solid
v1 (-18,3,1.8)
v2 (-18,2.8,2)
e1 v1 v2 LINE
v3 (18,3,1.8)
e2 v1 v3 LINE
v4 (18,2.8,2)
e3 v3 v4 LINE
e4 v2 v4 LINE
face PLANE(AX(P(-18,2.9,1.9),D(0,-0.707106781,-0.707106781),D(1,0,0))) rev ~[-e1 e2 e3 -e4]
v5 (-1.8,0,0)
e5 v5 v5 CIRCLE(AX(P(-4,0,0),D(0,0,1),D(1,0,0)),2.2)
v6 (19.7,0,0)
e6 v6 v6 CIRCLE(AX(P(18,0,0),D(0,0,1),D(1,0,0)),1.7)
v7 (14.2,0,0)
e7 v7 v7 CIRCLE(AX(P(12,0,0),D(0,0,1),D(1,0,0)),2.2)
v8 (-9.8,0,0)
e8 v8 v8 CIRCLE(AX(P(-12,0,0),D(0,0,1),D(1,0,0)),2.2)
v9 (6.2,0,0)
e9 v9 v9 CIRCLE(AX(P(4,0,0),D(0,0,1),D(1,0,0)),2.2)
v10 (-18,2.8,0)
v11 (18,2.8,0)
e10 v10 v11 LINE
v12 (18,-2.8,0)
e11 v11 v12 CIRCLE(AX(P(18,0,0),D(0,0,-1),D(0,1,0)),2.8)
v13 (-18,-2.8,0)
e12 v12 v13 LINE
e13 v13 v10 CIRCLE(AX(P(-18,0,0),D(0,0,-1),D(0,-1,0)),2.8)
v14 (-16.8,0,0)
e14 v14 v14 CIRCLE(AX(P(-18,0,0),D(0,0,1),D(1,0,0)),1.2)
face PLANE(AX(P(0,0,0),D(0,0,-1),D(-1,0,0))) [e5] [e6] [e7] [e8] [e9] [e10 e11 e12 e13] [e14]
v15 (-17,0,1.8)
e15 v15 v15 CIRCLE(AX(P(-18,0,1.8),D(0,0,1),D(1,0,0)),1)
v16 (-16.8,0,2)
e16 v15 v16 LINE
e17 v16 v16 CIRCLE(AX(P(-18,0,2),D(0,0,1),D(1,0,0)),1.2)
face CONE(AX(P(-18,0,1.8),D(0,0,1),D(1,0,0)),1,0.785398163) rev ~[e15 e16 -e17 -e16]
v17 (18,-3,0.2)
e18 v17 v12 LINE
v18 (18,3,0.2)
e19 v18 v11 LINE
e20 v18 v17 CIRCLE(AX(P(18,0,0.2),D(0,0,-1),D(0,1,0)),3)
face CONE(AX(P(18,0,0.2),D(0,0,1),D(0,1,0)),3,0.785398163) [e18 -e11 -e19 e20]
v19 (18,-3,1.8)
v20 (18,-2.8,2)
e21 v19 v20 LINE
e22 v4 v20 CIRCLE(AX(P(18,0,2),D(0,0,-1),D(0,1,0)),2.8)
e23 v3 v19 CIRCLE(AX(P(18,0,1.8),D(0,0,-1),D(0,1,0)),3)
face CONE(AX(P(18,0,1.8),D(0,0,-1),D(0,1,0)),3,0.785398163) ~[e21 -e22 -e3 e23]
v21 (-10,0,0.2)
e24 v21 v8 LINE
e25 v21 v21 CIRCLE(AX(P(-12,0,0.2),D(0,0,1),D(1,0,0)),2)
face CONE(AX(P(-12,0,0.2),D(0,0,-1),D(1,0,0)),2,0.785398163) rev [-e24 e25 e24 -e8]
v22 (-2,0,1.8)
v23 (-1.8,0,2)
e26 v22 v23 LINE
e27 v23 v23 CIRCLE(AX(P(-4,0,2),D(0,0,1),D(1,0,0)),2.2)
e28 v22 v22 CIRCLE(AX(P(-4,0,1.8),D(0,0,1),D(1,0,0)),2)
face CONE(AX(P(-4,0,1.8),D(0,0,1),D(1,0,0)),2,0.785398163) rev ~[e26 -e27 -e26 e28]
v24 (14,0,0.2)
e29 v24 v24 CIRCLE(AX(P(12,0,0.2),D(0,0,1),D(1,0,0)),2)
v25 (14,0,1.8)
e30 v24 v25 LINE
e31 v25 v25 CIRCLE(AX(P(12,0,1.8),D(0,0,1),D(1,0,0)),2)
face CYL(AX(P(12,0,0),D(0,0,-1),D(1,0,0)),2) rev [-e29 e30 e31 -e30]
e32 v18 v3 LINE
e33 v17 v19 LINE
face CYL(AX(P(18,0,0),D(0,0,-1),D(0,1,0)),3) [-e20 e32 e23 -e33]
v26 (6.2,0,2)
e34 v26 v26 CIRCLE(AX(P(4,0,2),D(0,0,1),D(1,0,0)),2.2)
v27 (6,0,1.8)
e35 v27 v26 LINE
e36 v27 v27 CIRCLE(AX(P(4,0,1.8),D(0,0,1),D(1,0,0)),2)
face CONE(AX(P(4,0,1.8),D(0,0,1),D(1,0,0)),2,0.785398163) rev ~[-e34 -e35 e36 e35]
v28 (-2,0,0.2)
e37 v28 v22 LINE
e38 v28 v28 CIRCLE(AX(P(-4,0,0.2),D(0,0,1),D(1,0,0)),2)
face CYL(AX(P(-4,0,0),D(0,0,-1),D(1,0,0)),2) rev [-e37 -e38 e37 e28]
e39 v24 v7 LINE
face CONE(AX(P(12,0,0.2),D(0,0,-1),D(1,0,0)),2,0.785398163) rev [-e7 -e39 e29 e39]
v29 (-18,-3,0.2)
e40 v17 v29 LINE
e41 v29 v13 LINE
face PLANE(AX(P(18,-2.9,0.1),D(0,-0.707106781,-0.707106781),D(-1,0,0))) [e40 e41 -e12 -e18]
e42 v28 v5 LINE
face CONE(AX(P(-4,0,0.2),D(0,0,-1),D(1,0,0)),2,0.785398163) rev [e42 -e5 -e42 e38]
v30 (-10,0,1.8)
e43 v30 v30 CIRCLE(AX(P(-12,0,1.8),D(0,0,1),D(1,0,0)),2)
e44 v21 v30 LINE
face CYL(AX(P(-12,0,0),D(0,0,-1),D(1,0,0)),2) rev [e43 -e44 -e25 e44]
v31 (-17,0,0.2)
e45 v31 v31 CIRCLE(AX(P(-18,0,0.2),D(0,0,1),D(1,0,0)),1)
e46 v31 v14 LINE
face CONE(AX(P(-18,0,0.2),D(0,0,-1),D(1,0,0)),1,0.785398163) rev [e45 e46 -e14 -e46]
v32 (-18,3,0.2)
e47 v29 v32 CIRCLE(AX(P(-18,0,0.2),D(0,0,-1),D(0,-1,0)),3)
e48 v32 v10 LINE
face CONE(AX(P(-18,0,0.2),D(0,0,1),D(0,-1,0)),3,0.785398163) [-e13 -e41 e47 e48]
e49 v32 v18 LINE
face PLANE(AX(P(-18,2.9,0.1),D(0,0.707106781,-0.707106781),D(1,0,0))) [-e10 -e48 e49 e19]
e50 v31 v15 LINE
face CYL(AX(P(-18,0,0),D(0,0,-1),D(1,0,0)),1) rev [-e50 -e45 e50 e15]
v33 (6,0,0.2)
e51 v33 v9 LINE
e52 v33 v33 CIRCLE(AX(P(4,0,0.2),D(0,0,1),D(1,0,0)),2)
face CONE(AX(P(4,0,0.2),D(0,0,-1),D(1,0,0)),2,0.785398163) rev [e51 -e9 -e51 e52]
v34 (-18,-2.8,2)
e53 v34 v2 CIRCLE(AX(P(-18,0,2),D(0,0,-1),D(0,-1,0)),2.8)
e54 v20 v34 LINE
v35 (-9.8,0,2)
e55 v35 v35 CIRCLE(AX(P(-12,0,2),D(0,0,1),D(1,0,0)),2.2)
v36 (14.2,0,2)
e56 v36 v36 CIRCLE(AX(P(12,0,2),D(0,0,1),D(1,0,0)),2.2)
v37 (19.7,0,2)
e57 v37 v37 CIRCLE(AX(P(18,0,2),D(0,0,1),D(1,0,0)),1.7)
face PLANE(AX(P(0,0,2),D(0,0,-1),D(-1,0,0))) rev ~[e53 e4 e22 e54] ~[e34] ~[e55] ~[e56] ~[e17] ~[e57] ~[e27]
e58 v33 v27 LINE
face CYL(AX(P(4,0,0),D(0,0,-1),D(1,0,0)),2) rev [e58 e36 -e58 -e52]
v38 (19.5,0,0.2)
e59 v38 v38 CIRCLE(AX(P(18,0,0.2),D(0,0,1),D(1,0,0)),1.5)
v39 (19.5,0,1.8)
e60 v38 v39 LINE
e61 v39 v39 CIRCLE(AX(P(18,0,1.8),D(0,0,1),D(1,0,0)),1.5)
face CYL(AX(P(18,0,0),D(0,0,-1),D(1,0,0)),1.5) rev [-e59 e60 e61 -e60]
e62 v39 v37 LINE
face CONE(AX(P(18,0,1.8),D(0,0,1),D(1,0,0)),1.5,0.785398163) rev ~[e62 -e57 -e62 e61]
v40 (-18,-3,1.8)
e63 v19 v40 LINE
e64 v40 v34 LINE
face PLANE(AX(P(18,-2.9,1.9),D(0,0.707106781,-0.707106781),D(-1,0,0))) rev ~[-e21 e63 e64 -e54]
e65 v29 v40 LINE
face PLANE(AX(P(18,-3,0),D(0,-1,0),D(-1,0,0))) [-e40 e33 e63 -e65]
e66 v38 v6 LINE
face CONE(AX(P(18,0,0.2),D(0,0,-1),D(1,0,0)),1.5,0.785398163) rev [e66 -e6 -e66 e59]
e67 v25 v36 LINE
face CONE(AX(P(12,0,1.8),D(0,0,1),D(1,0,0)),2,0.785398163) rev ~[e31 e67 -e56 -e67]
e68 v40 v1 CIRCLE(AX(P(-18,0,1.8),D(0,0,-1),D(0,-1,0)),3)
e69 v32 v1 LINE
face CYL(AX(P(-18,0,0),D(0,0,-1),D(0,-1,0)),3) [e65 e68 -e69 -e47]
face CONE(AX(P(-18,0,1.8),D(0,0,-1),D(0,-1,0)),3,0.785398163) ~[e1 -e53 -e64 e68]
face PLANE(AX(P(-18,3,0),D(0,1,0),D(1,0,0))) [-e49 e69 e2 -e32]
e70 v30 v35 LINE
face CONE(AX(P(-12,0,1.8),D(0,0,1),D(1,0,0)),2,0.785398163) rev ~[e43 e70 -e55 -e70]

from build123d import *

# Parameters (mm, degrees)
SKETCH1_R           = 1
SKETCH1_R_2         = 2
SKETCH1_R_3         = 1.5
BOSS_EXTRUDE1_DEPTH = 2
CHAMFER1_SIZE       = 0.2


with BuildPart() as part:
    # Sketch1 → Boss-Extrude1 (new body)
    with BuildSketch(Plane.XY):
        with BuildLine():
            Line((-18, 3), (18, 3))
            ThreePointArc((18, 3), (21, 0), (18, -3))
            Line((18, -3), (-18, -3))
            ThreePointArc((-18, -3), (-21, 0), (-18, 3))
        make_face()
        with Locations((-18, 0)):
            Circle(SKETCH1_R, mode=Mode.SUBTRACT)
        with Locations((-12, 0)):
            Circle(SKETCH1_R_2, mode=Mode.SUBTRACT)
        with Locations((-4, 0)):
            Circle(SKETCH1_R_2, mode=Mode.SUBTRACT)
        with Locations((18, 0)):
            Circle(SKETCH1_R_3, mode=Mode.SUBTRACT)
        with Locations((12, 0)):
            Circle(SKETCH1_R_2, mode=Mode.SUBTRACT)
        with Locations((4, 0)):
            Circle(SKETCH1_R_2, mode=Mode.SUBTRACT)
    extrude(amount=BOSS_EXTRUDE1_DEPTH)

    # Chamfer1
    chamfer1_edges = [part.edges().sort_by_distance(p)[0] for p in [
        (-19, 0, 0),
        (-19, 0, 2),
        (21, 0, 2),
        (-14, 0, 0),
        (-14, 0, 2),
        (0, 3, 2),
        (-6, 0, 0),
        (-6, 0, 2),
        (16.5, 0, 0),
        (16.5, 0, 2),
        (10, 0, 0),
        (10, 0, 2),
        (2, 0, 0),
        (2, 0, 2),
        (-21, 0, 2),
        (0, 3, 0),
        (21, 0, 0),
        (0, -3, 0),
        (-21, 0, 0),
        (0, -3, 2),
    ]]
    chamfer(chamfer1_edges, length=CHAMFER1_SIZE)


solid = part.part
